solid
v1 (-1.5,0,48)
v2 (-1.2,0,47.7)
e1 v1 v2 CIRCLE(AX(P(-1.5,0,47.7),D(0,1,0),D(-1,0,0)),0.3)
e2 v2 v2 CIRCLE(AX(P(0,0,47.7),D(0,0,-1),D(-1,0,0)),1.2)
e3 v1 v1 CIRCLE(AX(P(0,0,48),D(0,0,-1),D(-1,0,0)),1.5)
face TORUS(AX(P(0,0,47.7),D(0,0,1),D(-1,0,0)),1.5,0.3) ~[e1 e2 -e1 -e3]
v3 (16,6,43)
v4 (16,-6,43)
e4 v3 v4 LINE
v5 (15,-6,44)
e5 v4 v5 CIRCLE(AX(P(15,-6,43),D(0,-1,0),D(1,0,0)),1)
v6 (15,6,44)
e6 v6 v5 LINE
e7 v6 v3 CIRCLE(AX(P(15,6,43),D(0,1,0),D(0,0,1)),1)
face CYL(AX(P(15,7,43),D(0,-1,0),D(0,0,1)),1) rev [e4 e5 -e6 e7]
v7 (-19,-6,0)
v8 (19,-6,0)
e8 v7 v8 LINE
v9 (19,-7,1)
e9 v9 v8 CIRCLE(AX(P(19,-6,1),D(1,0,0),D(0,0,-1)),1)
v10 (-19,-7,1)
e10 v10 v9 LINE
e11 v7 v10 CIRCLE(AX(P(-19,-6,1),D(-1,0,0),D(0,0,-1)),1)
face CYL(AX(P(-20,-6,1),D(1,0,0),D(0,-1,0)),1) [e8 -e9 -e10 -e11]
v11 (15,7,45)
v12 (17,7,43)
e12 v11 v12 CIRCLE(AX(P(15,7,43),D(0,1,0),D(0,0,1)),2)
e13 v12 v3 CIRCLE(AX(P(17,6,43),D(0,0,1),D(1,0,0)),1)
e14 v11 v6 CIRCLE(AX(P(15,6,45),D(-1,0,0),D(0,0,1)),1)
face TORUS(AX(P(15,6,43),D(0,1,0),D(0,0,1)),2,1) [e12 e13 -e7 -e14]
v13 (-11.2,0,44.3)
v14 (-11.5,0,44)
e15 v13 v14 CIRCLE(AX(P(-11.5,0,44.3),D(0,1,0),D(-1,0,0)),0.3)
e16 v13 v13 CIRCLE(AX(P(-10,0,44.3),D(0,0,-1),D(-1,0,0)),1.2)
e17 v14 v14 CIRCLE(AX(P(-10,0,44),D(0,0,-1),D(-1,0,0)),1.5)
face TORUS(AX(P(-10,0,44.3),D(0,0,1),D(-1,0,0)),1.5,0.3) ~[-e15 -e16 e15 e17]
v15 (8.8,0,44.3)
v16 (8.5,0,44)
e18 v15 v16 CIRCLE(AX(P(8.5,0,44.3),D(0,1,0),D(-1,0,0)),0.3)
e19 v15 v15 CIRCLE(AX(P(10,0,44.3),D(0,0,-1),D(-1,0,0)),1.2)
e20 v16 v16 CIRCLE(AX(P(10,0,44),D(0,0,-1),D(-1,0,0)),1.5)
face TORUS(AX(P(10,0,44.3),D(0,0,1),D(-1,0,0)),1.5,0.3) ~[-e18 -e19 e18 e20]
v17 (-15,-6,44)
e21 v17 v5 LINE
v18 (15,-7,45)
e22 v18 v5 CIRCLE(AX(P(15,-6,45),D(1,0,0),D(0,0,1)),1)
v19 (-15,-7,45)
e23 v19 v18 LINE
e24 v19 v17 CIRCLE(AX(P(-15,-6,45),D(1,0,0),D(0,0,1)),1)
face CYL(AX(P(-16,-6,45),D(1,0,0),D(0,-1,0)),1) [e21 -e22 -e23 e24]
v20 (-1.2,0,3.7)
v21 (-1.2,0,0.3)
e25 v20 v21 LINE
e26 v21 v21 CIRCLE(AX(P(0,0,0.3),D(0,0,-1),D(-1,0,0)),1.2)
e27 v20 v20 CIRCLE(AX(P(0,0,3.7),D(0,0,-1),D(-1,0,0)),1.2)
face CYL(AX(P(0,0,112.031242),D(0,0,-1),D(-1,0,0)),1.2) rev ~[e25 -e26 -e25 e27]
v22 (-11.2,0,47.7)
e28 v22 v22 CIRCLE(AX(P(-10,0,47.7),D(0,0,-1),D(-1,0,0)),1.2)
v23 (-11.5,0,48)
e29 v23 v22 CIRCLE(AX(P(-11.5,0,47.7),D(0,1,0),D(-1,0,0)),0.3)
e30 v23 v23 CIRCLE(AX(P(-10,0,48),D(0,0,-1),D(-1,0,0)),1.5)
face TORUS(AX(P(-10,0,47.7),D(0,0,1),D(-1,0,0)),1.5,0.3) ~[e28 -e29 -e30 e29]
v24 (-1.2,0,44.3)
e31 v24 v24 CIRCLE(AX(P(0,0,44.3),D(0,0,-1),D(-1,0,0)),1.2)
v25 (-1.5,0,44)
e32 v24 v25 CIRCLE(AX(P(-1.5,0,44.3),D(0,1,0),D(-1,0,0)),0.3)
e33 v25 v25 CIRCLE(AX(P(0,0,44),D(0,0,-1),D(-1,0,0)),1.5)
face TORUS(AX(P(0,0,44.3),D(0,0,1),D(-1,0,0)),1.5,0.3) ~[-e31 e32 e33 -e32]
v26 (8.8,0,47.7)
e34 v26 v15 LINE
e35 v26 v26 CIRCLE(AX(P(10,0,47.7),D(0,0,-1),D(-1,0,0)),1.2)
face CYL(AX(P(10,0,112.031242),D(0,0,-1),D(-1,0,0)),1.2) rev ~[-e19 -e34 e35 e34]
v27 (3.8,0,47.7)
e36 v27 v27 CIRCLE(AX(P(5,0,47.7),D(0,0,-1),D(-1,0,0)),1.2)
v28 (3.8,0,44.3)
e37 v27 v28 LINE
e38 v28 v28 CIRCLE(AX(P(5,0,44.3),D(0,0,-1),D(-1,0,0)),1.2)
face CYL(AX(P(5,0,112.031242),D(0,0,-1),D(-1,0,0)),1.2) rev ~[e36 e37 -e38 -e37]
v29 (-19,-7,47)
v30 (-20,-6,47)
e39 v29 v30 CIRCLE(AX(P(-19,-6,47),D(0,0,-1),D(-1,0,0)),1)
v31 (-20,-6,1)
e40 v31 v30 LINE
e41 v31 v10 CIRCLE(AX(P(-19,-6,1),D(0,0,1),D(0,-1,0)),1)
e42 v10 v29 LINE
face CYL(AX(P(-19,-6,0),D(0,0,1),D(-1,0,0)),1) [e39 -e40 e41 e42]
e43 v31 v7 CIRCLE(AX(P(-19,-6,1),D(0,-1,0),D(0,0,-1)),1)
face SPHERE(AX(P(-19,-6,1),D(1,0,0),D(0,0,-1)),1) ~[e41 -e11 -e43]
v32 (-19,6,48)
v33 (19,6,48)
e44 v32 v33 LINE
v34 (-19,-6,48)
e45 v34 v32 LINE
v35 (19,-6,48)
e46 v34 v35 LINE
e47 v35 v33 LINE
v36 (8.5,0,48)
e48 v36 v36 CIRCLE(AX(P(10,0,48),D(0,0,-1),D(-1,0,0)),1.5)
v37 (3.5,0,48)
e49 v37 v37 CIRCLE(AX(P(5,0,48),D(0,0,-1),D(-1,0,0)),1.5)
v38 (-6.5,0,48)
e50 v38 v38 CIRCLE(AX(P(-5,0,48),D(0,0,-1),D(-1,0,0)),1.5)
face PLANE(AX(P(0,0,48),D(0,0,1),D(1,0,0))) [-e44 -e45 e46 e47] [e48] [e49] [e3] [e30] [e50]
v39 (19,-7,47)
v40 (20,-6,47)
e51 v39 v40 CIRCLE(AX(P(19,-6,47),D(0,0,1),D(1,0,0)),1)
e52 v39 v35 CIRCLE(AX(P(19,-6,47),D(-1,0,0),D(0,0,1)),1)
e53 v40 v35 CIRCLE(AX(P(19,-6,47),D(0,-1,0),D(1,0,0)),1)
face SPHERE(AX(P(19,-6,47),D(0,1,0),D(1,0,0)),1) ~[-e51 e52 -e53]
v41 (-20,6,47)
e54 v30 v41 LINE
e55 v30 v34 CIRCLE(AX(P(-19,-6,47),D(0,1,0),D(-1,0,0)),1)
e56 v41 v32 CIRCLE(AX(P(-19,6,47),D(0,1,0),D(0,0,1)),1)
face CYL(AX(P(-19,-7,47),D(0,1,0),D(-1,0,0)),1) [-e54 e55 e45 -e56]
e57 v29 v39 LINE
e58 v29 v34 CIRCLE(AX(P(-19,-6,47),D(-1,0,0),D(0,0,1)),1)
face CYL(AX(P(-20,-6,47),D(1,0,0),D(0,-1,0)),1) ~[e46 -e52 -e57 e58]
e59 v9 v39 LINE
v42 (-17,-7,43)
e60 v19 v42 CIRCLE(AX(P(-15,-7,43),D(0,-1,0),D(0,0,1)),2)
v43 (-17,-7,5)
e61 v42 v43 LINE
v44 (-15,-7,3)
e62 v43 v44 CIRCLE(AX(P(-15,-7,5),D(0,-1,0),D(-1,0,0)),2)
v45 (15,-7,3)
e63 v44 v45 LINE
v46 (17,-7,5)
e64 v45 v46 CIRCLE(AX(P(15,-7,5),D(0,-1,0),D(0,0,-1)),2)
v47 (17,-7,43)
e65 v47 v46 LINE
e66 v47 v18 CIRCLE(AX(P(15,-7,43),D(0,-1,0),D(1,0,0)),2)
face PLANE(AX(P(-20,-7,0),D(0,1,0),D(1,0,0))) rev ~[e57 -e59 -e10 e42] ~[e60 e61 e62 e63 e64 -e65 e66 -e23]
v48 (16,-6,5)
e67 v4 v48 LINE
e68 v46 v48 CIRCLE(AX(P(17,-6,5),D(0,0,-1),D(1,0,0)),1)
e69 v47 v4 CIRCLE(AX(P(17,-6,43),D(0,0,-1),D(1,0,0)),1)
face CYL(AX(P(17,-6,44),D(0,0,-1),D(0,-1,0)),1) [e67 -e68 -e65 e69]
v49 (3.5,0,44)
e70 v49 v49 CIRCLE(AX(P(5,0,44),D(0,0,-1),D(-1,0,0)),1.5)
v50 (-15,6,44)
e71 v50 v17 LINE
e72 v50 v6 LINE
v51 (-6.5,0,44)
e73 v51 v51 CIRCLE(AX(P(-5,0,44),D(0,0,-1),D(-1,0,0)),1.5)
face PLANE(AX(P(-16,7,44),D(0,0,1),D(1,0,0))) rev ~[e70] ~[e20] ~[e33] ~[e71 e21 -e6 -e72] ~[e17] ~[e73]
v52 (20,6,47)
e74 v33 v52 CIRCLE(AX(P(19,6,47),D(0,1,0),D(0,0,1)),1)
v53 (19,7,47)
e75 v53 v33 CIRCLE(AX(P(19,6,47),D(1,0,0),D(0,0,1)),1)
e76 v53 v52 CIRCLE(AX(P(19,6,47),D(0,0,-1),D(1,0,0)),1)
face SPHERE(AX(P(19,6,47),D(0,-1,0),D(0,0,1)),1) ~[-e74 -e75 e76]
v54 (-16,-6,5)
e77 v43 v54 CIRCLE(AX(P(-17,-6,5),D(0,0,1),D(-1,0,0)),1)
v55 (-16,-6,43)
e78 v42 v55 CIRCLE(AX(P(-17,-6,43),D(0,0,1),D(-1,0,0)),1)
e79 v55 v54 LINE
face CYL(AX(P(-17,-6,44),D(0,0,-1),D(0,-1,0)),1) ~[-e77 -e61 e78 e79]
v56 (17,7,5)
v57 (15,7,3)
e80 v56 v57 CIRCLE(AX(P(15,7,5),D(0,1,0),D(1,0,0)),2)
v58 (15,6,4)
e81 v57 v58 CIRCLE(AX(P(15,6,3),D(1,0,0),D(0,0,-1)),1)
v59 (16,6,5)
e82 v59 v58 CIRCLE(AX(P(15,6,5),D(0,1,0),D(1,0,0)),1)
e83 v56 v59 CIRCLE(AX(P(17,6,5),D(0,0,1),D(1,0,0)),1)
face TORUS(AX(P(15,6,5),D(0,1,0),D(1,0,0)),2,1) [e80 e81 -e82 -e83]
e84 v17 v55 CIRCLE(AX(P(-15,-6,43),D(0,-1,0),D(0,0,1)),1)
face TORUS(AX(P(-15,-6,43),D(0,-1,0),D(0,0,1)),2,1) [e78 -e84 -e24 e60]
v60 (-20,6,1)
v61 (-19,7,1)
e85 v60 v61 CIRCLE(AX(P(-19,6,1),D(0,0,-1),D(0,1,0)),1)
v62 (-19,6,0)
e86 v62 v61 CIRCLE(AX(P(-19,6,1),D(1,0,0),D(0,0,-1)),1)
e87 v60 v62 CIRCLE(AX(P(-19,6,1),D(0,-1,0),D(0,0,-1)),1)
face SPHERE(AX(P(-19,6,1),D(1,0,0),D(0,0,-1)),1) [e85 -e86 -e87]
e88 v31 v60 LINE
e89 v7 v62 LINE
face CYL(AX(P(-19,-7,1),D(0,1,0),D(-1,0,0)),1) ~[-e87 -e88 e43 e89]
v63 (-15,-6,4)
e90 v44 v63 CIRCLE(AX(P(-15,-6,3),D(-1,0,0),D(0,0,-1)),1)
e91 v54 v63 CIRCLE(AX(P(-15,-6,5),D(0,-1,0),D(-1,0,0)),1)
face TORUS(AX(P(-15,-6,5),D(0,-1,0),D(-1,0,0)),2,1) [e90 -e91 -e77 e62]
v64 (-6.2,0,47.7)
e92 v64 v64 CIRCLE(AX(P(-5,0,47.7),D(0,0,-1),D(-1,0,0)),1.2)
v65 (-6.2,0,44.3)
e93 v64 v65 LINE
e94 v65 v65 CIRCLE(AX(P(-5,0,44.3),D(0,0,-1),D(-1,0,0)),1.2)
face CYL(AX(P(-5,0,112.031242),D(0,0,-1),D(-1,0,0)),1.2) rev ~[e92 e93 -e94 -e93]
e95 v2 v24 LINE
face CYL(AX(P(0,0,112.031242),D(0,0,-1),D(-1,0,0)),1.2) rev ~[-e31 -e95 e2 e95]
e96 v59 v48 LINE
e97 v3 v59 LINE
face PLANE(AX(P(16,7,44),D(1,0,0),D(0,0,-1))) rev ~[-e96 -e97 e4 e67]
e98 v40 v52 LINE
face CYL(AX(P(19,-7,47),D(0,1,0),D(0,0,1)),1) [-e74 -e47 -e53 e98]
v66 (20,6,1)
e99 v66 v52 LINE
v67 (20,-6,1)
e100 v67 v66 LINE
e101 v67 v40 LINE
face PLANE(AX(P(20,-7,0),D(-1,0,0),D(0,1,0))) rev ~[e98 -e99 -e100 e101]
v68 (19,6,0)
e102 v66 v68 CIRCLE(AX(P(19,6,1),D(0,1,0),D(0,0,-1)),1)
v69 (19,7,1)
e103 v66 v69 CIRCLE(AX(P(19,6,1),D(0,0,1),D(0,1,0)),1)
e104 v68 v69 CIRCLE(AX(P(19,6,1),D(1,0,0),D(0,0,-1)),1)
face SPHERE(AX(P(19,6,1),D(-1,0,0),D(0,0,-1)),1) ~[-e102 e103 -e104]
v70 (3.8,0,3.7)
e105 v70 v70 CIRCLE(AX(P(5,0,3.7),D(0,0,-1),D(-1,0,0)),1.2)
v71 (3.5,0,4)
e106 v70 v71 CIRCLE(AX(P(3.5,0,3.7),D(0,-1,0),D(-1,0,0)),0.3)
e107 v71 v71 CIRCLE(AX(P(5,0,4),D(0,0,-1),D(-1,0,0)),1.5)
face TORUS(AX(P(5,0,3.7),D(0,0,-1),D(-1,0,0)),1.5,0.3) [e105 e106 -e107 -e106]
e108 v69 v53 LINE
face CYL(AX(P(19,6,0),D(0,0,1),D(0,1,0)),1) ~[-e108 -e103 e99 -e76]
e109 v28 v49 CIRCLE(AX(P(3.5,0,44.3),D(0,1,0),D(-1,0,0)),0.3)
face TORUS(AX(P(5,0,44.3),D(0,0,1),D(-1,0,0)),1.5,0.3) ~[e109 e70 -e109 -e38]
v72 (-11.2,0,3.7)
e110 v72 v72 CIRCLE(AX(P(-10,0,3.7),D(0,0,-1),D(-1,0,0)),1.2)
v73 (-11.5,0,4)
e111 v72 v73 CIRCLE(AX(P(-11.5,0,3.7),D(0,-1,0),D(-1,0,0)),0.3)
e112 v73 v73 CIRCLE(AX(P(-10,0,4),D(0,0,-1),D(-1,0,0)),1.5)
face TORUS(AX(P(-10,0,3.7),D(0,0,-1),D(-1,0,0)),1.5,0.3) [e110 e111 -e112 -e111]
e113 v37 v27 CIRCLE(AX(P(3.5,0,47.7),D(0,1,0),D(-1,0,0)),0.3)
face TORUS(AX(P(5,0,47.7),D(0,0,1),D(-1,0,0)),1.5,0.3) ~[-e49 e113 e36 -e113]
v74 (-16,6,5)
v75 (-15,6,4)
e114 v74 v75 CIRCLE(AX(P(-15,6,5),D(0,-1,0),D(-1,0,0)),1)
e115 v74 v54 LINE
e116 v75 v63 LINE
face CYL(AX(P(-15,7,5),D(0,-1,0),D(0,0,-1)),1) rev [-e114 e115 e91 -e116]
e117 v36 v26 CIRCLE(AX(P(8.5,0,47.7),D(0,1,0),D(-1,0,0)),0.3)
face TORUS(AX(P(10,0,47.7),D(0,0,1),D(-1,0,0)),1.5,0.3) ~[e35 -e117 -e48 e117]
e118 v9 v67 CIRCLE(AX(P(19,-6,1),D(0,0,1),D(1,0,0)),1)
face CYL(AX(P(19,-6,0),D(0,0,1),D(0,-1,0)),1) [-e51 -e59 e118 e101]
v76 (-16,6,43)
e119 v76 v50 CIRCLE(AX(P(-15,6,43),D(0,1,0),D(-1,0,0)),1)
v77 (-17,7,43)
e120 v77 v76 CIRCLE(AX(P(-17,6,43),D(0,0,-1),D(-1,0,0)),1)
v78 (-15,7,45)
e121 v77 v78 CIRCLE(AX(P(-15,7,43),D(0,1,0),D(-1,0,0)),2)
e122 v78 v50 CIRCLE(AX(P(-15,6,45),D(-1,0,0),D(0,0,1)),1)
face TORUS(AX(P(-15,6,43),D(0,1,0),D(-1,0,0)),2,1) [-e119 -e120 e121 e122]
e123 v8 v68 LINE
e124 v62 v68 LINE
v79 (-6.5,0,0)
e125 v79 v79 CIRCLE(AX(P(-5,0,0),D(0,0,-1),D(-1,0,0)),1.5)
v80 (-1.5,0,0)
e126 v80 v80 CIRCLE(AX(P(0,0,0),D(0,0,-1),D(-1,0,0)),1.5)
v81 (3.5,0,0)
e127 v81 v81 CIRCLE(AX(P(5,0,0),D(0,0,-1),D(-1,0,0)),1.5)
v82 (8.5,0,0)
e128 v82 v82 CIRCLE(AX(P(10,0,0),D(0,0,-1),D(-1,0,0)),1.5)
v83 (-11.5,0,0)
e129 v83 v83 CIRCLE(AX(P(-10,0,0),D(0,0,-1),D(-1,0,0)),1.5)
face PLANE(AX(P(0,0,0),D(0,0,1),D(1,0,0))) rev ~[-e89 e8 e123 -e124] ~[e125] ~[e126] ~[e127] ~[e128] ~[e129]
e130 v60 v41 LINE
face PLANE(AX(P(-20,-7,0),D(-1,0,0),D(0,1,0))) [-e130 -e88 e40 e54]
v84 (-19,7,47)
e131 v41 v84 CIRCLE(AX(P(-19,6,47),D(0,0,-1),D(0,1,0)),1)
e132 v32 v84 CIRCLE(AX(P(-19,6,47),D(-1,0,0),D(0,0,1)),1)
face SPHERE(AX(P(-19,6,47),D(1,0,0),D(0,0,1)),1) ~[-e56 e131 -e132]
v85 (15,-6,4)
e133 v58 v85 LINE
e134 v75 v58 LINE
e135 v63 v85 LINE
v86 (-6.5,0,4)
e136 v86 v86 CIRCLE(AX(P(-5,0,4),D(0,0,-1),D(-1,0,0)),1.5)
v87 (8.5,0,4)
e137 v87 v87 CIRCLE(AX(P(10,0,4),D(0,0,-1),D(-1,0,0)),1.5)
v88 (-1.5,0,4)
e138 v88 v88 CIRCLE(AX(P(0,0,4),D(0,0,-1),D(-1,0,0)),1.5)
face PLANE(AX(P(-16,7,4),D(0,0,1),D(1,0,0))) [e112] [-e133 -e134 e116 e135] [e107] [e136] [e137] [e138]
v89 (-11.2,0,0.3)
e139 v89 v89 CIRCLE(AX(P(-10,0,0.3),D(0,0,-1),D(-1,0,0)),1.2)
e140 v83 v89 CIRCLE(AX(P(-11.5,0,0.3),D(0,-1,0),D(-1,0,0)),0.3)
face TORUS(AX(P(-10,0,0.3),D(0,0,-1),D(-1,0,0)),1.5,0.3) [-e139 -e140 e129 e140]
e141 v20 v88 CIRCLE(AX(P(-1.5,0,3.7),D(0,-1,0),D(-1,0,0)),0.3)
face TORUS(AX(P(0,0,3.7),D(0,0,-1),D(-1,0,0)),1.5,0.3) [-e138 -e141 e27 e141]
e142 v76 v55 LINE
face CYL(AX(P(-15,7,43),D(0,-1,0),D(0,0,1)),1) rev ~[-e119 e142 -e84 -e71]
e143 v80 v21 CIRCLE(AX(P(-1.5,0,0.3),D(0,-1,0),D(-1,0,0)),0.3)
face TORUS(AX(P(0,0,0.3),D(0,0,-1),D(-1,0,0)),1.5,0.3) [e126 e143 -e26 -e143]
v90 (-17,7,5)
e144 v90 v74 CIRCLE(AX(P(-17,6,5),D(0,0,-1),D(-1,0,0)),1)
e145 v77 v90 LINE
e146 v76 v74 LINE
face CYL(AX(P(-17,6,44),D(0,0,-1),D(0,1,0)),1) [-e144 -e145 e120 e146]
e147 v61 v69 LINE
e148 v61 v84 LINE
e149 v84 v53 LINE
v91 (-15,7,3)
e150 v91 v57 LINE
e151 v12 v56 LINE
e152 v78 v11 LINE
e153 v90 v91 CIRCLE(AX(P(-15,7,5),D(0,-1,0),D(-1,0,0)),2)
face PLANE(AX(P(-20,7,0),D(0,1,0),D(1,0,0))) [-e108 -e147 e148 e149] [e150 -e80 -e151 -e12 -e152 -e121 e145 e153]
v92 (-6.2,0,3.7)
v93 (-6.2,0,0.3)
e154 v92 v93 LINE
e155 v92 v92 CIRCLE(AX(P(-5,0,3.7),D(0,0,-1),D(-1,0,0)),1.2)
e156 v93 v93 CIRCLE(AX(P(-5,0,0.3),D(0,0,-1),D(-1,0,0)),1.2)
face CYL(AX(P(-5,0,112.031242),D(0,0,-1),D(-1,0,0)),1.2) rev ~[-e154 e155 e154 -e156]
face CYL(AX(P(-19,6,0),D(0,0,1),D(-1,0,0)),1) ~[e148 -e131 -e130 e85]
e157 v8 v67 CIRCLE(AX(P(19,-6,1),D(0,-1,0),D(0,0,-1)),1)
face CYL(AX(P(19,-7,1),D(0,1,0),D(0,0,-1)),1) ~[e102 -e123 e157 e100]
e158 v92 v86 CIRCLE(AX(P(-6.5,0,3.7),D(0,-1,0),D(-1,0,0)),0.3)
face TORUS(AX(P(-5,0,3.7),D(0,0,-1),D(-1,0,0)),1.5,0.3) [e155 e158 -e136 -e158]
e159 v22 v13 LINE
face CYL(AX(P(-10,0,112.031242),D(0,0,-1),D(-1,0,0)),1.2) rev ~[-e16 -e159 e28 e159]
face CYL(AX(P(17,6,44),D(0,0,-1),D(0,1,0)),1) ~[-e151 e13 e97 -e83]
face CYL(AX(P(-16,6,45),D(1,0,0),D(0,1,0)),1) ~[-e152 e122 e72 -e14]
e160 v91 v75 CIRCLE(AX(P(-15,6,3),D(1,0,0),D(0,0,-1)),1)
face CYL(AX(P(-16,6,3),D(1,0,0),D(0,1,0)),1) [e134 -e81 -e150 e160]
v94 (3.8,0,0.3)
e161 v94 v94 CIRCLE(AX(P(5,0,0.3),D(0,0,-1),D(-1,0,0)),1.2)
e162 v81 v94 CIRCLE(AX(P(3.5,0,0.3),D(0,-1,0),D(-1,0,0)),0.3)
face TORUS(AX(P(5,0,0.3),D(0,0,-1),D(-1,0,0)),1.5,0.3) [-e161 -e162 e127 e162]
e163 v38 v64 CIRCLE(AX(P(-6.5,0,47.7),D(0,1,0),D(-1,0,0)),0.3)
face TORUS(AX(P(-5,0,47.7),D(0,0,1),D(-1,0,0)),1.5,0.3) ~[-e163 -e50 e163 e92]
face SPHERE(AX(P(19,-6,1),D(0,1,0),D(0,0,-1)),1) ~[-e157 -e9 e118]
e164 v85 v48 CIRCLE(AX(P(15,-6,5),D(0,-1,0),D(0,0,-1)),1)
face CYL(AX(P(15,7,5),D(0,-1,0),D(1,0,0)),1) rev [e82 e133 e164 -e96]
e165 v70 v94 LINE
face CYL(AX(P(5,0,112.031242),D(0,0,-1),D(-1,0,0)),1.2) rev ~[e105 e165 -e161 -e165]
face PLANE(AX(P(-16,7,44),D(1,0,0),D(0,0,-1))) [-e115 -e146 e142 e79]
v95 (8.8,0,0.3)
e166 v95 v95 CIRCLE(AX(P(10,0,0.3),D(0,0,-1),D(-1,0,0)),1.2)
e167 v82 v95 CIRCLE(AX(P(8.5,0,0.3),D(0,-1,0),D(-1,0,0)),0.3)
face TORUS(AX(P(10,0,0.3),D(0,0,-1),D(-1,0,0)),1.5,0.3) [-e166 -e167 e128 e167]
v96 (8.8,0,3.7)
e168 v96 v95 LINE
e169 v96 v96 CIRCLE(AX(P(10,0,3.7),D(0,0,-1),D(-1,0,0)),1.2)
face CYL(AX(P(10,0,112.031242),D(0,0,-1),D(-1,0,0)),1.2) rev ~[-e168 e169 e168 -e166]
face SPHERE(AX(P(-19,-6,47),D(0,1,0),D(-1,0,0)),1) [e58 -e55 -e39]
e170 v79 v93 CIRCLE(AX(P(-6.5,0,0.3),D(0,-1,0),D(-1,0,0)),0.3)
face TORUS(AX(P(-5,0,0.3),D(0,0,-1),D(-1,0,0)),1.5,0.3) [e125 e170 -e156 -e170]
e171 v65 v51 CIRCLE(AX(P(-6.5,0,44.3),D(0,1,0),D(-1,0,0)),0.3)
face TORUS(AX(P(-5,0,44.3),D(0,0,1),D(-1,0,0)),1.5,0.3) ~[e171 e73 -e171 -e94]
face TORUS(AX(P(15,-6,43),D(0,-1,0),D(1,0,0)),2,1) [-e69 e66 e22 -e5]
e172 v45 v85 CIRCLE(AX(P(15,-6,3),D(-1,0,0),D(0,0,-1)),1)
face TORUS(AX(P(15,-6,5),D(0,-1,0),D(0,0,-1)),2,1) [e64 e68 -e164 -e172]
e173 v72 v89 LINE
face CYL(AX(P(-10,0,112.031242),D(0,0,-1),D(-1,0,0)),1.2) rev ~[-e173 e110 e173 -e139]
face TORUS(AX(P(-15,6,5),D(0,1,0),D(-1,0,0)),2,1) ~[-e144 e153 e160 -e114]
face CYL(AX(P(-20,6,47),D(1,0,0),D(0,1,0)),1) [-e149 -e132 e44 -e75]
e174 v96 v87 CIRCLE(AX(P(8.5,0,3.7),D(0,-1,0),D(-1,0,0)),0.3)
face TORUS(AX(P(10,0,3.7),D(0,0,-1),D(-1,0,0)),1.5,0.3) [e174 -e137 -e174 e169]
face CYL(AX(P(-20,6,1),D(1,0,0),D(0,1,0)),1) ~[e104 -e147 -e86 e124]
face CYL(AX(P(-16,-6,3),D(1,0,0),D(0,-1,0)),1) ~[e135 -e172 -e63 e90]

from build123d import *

# Parameters (mm, degrees)
SKETCH1_W                  = 40
SKETCH1_H                  = 14
BOSS_EXTRUDE1_DEPTH        = 48
SKETCH3_W                  = 32
SKETCH3_H                  = 40
CUT_EXTRUDE1_DEPTH         = 48
F_2_4_2_4_DIAMETER_HOLE1_D = 2.4
FILLET1_R                  = 1
FILLET2_R                  = 0.3


with BuildPart() as part:
    # Sketch1 → Boss-Extrude1 (new body)
    with BuildSketch(Plane.XY):
        Rectangle(SKETCH1_W, SKETCH1_H)
    extrude(amount=BOSS_EXTRUDE1_DEPTH)

    # Sketch3 → Cut-Extrude1 (cut)
    with BuildSketch(Plane(origin=(0, 7, 0), x_dir=(1, 0, 0), z_dir=(0, 1, 0))):
        with Locations((0, -24)):
            Rectangle(SKETCH3_W, SKETCH3_H)
    extrude(amount=-CUT_EXTRUDE1_DEPTH, mode=Mode.SUBTRACT)

    # Ø2.4 (2.4) Diameter Hole1 (through all)
    with Locations(Plane.XY.offset(48)):
        with Locations((-10, 0), (-5, 0), (0, 0), (5, 0), (10, 0)):
            Hole(F_2_4_2_4_DIAMETER_HOLE1_D / 2)

    # Fillet1
    fillet1_edges = [part.edges().sort_by_distance(p)[0] for p in [
        (20, 0, 48),
        (0, 7, 48),
        (-16, -7, 24),
        (-16, 0, 44),
        (0, -7, 4),
        (-16, 0, 4),
        (16, -7, 24),
        (16, 0, 4),
        (0, -7, 44),
        (16, 0, 44),
        (-16, 7, 24),
        (0, 7, 44),
        (16, 7, 24),
        (0, 7, 4),
        (-20, 0, 48),
        (0, 7, 0),
        (20, 0, 0),
        (0, -7, 0),
        (-20, 0, 0),
        (-20, 7, 24),
        (20, 7, 24),
        (20, -7, 24),
        (-20, -7, 24),
        (0, -7, 48),
    ]]
    fillet(fillet1_edges, radius=FILLET1_R)

    # Fillet2
    fillet2_edges = [part.edges().sort_by_distance(p)[0] for p in [
        (11.2, 0, 0),
        (11.2, 0, 4),
        (11.2, 0, 44),
        (11.2, 0, 48),
        (6.2, 0, 0),
        (6.2, 0, 4),
        (6.2, 0, 44),
        (6.2, 0, 48),
        (1.2, 0, 44),
        (1.2, 0, 0),
        (1.2, 0, 4),
        (1.2, 0, 48),
        (-3.8, 0, 44),
        (-3.8, 0, 0),
        (-3.8, 0, 4),
        (-3.8, 0, 48),
        (-8.8, 0, 0),
        (-8.8, 0, 4),
        (-8.8, 0, 44),
        (-8.8, 0, 48),
    ]]
    fillet(fillet2_edges, radius=FILLET2_R)


solid = part.part
